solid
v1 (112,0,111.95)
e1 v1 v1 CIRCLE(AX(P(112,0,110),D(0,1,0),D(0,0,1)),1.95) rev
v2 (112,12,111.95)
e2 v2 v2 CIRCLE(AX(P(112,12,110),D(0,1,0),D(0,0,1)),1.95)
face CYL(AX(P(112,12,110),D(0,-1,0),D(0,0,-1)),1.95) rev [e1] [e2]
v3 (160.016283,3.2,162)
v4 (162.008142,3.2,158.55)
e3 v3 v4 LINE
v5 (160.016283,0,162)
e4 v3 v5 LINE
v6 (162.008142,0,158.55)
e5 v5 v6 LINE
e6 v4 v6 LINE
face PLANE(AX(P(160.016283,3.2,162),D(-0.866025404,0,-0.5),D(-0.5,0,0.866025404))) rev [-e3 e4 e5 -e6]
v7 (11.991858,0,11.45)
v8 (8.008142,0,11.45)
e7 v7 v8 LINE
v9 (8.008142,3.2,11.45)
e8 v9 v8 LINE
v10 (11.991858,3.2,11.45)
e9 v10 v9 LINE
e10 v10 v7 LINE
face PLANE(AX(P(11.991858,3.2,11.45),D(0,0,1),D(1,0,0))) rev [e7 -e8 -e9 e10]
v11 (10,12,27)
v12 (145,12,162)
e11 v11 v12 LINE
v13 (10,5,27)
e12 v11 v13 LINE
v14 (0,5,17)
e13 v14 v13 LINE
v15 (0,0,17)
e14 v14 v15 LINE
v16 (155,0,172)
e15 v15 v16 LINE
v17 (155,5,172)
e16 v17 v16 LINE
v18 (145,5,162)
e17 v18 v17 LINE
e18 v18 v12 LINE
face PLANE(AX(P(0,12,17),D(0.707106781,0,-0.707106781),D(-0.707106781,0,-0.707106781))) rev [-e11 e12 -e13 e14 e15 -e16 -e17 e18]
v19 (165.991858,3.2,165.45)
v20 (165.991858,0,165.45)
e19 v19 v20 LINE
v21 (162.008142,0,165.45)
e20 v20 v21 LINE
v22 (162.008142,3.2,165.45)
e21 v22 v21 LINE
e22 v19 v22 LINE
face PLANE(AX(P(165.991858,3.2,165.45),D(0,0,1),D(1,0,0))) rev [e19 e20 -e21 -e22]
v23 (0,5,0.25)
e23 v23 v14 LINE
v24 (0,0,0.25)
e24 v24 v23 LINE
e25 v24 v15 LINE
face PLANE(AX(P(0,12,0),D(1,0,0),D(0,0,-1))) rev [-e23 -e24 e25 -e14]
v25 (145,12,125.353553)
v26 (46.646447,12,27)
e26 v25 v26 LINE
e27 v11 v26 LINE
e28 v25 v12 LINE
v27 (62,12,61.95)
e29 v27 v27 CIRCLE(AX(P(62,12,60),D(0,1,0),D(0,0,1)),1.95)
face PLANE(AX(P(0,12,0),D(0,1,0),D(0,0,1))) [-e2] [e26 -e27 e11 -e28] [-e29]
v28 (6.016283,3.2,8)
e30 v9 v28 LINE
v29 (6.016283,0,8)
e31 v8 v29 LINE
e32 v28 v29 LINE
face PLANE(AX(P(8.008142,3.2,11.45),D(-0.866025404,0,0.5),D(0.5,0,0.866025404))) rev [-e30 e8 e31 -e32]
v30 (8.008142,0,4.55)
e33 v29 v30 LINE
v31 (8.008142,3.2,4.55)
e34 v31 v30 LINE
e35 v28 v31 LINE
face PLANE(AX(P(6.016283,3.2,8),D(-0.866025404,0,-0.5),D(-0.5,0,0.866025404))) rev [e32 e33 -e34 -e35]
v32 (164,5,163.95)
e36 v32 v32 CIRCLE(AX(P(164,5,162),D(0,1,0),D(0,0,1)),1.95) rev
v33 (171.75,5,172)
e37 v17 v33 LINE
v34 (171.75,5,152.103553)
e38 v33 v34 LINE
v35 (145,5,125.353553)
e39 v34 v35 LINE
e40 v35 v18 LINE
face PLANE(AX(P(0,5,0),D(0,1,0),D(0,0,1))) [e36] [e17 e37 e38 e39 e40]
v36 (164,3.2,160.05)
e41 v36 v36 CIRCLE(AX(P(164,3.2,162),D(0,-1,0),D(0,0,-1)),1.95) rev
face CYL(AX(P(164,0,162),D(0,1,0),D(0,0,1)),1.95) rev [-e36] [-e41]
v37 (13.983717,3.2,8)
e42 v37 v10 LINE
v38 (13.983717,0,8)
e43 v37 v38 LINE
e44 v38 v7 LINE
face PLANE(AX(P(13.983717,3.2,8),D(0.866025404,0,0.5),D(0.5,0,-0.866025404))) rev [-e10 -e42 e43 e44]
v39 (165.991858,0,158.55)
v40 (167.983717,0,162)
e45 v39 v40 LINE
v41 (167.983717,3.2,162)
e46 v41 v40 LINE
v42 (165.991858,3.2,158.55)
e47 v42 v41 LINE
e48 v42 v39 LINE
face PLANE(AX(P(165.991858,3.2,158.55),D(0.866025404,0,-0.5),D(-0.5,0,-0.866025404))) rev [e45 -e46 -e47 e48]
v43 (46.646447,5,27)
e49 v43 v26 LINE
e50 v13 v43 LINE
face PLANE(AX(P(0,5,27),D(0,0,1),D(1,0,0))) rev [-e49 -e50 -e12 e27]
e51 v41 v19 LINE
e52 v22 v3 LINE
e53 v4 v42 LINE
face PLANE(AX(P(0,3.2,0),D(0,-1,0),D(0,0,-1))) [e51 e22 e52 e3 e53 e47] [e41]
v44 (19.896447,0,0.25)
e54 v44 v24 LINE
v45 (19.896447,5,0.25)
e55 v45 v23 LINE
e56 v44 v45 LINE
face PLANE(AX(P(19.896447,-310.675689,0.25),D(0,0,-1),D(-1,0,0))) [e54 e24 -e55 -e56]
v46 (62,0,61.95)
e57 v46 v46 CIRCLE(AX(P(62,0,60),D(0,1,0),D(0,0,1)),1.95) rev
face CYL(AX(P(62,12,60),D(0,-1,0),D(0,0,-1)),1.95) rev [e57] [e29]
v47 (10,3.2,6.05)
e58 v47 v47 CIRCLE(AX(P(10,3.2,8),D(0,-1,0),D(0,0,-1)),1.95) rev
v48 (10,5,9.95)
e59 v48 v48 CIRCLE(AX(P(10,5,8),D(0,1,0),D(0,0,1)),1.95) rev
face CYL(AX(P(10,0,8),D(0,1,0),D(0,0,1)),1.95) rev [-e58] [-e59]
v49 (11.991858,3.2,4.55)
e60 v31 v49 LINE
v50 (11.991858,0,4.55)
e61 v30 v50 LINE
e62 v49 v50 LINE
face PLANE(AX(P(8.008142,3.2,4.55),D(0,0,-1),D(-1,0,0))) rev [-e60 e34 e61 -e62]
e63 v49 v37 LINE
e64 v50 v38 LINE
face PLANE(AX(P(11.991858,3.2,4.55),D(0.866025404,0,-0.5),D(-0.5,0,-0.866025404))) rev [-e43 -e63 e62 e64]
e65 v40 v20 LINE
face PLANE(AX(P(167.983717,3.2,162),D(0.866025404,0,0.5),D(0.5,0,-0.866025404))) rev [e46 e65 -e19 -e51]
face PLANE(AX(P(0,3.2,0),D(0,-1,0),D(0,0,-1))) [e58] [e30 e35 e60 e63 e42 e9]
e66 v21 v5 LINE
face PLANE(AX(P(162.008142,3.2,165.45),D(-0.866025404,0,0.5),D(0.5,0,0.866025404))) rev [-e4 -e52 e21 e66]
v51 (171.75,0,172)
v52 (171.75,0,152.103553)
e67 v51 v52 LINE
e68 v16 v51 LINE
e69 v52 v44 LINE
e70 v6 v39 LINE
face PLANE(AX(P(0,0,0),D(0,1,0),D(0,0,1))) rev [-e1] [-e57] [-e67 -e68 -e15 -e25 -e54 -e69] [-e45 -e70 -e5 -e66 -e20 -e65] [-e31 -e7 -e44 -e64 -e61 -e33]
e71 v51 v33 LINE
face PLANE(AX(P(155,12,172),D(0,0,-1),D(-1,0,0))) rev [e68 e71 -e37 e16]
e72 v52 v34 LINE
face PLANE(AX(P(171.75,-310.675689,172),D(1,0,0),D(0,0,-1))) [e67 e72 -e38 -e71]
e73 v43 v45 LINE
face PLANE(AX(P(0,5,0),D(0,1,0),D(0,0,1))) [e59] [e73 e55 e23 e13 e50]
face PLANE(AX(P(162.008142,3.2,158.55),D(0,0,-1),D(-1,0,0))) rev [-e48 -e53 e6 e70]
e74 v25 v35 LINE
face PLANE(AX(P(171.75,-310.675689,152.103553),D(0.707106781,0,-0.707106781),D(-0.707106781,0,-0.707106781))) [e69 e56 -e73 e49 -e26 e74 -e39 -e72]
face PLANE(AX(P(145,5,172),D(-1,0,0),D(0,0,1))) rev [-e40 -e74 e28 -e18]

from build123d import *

# Parameters (mm, degrees)
BOSS_EXTRUDE1_DEPTH      = 12
SKETCH2_R                = 1.95
CUT_EXTRUDE1_DEPTH       = 244.540551038
SKETCH3_W                = 47
SKETCH3_H                = 27
SKETCH3_W_2              = 27
SKETCH3_H_2              = 47
CUT_EXTRUDE2_DEPTH       = 7
CUT_EXTRUDE8_DEPTH       = 244.540551038
CUT_EXTRUDE8_DEPTH_BACK  = 244.540551038
SKETCH5_R                = 1.95
CUT_EXTRUDE9_DEPTH       = 3.2
CUT_EXTRUDE10_DEPTH      = 244.540551038
CUT_EXTRUDE10_DEPTH_BACK = 244.540551038


with BuildPart() as part:
    # Sketch1 → Boss-Extrude1 (new body)
    with BuildSketch(Plane(origin=(0, 0, 0), x_dir=(1, 0, 0), z_dir=(0, 1, 0))):
        Polygon((0, 0), (20, 0), (172, -152), (172, -172), (155, -172), (0, -17), align=None)
    extrude(amount=BOSS_EXTRUDE1_DEPTH)

    # Sketch2 → Cut-Extrude1 (cut, through all)
    with BuildSketch(Plane(origin=(0, 12, 0), x_dir=(1, 0, 0), z_dir=(0, 1, 0))):
        with Locations(Location((10, -8, 0), (0, 0, 270))):
            Circle(SKETCH2_R)
        with Locations(Location((164, -162, 0), (0, 0, 270))):
            Circle(SKETCH2_R)
    extrude(amount=-CUT_EXTRUDE1_DEPTH, mode=Mode.SUBTRACT)

    # Sketch3 → Cut-Extrude2 (cut)
    with BuildSketch(Plane(origin=(0, 12, 0), x_dir=(1, 0, 0), z_dir=(0, 1, 0))):
        with Locations((23.5, -13.5)):
            Rectangle(SKETCH3_W, SKETCH3_H)
        with Locations((158.5, -148.5)):
            Rectangle(SKETCH3_W_2, SKETCH3_H_2)
    extrude(amount=-CUT_EXTRUDE2_DEPTH, mode=Mode.SUBTRACT)

    # Sketch5 → Cut-Extrude8 (cut, two sides: drawn at the far end of the back side and taken through both)
    with BuildSketch(Plane(origin=(0, 0, 0), x_dir=(1, 0, 0), z_dir=(0, 1, 0)).offset(-CUT_EXTRUDE8_DEPTH_BACK)):
        with Locations(Location((62, -60, 0), (0, 0, 270))):
            Circle(SKETCH5_R)
        with Locations(Location((112, -110, 0), (0, 0, 270))):
            Circle(SKETCH5_R)
    extrude(amount=CUT_EXTRUDE8_DEPTH + CUT_EXTRUDE8_DEPTH_BACK, mode=Mode.SUBTRACT)

    # Sketch7 → Cut-Extrude9 (cut)
    with BuildSketch(Plane.XZ):
        Polygon((13.983716857, 8), (11.991858429, 11.45), (8.008141571, 11.45), (6.016283143, 8), (8.008141571, 4.55), (11.991858429, 4.55), align=None)
        Polygon((167.983716857, 162), (165.991858429, 165.45), (162.008141571, 165.45), (160.016283143, 162), (162.008141571, 158.55), (165.991858429, 158.55), align=None)
    extrude(amount=-CUT_EXTRUDE9_DEPTH, mode=Mode.SUBTRACT)

    # Sketch8 → Cut-Extrude10 (cut, two sides: drawn at the far end of the back side and taken through both)
    with BuildSketch(Plane.XZ.offset(-CUT_EXTRUDE10_DEPTH_BACK)):
        Polygon((0, 0.25), (0, 0), (20, 0), (172, 152), (172, 172), (171.75, 172), (171.75, 152.103553391), (19.896446609, 0.25), align=None)
    extrude(amount=CUT_EXTRUDE10_DEPTH + CUT_EXTRUDE10_DEPTH_BACK, mode=Mode.SUBTRACT)


solid = part.part
